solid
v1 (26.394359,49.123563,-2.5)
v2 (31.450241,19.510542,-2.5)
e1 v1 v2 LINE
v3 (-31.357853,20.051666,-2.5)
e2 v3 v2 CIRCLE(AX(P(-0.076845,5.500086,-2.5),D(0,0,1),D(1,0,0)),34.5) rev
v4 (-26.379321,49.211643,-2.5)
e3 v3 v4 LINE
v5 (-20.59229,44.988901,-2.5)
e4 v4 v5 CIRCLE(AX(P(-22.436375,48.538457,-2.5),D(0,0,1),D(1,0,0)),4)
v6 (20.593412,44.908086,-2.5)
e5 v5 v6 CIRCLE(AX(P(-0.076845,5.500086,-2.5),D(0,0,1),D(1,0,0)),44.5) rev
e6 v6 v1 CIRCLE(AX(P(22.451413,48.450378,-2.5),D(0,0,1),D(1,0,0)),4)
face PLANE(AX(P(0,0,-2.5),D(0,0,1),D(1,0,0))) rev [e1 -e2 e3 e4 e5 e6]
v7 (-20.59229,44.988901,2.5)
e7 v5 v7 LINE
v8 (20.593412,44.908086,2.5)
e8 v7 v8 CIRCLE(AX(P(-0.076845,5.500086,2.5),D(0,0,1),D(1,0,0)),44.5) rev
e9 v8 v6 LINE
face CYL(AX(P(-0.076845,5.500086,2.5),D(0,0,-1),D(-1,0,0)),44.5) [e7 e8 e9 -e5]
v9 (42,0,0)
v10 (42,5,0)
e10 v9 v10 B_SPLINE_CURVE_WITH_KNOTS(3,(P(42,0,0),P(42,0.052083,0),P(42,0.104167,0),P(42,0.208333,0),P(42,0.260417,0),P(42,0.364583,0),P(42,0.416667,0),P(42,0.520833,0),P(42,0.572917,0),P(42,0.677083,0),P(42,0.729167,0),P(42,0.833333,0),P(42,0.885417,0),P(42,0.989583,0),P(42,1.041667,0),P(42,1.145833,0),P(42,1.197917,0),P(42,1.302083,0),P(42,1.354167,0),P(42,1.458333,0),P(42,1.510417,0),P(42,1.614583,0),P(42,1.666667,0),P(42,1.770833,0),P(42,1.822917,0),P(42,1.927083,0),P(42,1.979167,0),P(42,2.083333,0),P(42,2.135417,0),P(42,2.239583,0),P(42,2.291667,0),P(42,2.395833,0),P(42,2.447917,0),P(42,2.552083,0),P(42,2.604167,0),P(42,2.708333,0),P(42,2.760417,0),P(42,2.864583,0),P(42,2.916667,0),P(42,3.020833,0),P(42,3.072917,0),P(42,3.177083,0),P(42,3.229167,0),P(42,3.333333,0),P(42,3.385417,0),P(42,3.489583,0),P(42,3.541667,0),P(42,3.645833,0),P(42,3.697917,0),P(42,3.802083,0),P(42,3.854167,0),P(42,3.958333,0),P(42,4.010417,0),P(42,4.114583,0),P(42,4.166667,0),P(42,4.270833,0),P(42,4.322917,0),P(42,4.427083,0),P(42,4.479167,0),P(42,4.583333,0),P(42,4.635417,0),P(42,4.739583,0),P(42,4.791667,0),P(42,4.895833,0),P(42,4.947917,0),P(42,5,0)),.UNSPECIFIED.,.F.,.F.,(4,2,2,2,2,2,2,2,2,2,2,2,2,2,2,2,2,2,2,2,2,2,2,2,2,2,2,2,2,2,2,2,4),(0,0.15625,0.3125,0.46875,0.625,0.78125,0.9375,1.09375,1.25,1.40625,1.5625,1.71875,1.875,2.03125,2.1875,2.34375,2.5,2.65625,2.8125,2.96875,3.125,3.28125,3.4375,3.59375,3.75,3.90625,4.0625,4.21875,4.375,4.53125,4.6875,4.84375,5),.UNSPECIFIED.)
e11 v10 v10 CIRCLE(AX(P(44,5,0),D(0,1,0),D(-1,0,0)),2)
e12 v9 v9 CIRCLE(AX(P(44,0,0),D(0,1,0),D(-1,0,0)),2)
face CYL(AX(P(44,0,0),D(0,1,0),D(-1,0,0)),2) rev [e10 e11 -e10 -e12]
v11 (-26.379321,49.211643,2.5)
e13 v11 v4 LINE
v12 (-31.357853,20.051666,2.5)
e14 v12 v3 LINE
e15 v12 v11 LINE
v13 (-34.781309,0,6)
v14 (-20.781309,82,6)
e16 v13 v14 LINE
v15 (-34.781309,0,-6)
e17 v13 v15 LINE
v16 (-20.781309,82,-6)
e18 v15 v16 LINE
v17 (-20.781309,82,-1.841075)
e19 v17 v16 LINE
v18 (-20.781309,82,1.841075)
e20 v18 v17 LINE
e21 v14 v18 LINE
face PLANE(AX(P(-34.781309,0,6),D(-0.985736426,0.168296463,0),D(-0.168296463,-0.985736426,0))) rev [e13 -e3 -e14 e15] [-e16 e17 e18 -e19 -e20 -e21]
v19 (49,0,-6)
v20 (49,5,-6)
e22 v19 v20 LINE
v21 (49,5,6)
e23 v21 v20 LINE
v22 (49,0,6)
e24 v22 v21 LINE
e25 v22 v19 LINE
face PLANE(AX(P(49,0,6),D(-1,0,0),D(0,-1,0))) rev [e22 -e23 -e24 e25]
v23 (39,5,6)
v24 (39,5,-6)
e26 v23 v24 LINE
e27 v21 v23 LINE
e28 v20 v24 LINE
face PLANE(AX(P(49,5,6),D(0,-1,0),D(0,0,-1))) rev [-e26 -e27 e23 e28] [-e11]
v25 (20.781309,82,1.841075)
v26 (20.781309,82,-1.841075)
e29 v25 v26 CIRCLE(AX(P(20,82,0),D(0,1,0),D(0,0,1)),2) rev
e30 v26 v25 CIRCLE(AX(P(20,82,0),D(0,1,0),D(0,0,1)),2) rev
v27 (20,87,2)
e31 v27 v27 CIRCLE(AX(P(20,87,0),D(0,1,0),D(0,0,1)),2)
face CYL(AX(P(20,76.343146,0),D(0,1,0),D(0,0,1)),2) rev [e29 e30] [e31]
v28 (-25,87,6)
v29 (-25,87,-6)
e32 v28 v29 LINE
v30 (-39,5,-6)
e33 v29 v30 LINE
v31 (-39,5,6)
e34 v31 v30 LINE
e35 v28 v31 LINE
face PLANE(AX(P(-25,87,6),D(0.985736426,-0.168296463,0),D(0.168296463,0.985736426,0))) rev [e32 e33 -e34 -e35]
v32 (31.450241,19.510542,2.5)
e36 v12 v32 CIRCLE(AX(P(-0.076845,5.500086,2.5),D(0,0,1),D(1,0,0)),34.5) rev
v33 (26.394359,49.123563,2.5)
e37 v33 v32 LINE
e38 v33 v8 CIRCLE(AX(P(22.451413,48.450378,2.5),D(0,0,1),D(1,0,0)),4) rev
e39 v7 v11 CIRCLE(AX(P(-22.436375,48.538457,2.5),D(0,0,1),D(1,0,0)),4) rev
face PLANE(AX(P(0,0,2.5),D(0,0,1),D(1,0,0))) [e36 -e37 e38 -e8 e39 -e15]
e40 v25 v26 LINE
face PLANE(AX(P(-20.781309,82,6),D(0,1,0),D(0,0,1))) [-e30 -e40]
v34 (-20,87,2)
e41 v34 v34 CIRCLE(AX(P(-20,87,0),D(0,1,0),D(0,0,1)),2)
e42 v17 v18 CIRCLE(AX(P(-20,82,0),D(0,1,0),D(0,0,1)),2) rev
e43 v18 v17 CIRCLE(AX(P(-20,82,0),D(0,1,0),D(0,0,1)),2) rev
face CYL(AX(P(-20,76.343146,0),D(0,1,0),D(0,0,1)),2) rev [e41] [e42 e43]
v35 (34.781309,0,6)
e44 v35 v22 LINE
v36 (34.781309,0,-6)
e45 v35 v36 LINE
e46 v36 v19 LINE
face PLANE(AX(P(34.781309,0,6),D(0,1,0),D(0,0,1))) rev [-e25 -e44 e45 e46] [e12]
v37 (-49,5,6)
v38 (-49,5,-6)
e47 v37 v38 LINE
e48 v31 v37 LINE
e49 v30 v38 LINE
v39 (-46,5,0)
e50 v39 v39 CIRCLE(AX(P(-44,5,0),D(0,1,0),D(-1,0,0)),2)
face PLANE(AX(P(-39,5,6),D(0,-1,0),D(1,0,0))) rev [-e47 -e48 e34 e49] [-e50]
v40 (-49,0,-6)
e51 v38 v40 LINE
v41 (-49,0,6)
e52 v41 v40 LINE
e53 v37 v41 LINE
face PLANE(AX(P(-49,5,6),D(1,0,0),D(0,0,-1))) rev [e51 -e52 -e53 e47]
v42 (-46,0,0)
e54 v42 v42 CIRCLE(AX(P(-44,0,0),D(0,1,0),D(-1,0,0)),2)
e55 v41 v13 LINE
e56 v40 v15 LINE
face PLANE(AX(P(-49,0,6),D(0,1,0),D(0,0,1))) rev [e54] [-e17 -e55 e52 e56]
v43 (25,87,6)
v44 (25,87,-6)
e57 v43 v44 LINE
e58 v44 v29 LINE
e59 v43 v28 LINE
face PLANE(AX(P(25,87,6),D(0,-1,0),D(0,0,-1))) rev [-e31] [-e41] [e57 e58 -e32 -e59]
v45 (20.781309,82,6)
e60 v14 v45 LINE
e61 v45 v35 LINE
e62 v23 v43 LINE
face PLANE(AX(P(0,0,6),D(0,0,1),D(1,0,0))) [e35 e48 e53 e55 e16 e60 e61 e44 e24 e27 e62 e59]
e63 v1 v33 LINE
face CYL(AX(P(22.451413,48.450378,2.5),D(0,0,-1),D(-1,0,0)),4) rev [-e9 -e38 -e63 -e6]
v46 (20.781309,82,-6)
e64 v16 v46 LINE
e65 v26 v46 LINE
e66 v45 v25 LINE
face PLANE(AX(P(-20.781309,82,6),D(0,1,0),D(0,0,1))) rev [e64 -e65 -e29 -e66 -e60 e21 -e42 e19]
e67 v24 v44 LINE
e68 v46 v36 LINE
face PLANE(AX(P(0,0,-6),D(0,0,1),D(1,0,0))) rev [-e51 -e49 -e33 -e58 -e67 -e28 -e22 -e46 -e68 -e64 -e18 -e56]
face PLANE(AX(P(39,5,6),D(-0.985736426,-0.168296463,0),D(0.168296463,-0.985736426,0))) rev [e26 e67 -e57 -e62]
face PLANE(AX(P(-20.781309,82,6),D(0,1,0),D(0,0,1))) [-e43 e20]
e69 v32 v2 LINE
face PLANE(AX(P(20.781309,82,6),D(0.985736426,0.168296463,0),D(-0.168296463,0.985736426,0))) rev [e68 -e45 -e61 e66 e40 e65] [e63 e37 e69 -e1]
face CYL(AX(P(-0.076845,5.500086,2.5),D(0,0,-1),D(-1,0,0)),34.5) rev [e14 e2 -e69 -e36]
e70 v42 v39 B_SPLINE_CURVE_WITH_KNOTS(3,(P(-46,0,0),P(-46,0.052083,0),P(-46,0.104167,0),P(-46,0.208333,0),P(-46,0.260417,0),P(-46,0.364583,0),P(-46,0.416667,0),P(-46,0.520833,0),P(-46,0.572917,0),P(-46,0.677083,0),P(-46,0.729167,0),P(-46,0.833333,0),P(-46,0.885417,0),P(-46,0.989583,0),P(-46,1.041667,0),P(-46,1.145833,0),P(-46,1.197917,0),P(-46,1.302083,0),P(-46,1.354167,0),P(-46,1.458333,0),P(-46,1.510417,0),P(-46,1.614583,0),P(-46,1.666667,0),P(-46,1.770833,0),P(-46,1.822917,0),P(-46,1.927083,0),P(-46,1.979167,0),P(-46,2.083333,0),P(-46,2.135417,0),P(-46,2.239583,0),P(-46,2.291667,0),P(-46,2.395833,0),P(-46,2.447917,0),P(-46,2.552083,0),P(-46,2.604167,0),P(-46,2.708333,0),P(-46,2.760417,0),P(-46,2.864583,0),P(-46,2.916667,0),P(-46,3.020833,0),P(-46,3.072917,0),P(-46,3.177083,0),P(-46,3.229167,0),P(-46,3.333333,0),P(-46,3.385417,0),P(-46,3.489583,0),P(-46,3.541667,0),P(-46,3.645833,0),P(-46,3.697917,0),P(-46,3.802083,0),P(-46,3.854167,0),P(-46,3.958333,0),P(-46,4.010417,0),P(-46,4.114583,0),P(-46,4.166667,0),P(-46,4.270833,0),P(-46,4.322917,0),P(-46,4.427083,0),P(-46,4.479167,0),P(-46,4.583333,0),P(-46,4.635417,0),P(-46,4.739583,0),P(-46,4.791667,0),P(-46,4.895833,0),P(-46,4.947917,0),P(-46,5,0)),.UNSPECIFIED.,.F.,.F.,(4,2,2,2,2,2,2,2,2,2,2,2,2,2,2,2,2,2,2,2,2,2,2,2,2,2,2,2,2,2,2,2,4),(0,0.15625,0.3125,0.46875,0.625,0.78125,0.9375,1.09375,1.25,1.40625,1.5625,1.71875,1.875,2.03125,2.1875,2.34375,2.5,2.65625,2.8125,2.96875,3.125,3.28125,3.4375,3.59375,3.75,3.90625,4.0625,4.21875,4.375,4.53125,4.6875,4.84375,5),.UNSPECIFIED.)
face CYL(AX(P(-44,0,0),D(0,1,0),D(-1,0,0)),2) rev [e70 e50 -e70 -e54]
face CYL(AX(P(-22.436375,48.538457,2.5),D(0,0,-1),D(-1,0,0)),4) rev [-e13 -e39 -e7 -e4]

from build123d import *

# Parameters (mm, degrees)
BOSS_EXTRUDE1_DEPTH = 6
BOSS_EXTRUDE2_DEPTH = 2.5
FILLET1_R           = 4
SKETCH3_R           = 2
CUT_EXTRUDE1_DEPTH  = 96.713112999
SKETCH4_R           = 2
CUT_EXTRUDE2_DEPTH  = 5


with BuildPart() as part:
    # Sketch1 → Boss-Extrude1 (new, symmetric)
    with BuildSketch(Plane.XY):
        Polygon((-49, 0), (-34.781308697, 0), (-20.781308697, 82), (20.781308697, 82), (34.781308697, 0), (49, 0), (49, 5), (39, 5), (25, 87), (-25, 87), (-39, 5), (-49, 5), align=None)
    extrude(amount=BOSS_EXTRUDE1_DEPTH, both=True)

    # Sketch2 → Boss-Extrude2 (add, symmetric)
    with BuildSketch(Plane.XY):
        with BuildLine():
            Line((31.450240635, 19.510541506), (27.939451789, 40.073733316))
            ThreePointArc((27.939451789, 40.073733316), (0.037609002, 49.999938394), (-27.914924838, 40.217391174))
            Line((-27.914924838, 40.217391174), (-31.357853442, 20.051666495))
            ThreePointArc((-31.357853442, 20.051666495), (0.220379798, 39.998805231), (31.450240635, 19.510541506))
        make_face()
    extrude(amount=BOSS_EXTRUDE2_DEPTH, both=True)

    # Fillet1
    fillet1_edges = [part.edges().sort_by_distance(p)[0] for p in [
        (27.939451789, 40.073733316, 0),
        (-27.914924838, 40.217391174, 0),
    ]]
    fillet(fillet1_edges, radius=FILLET1_R)

    # Sketch3 → Cut-Extrude1 (cut, through all)
    with BuildSketch(Plane(origin=(0, 5, 0), x_dir=(1, 0, 0), z_dir=(0, 1, 0))):
        with Locations(Location((-44, 0, 0), (0, 0, 180))):
            Circle(SKETCH3_R)
        with Locations(Location((44, 0, 0), (0, 0, 180))):
            Circle(SKETCH3_R)
    extrude(amount=-CUT_EXTRUDE1_DEPTH, mode=Mode.SUBTRACT)

    # Sketch4 → Cut-Extrude2 (cut)
    with BuildSketch(Plane(origin=(0, 87, 0), x_dir=(1, 0, 0), z_dir=(0, 1, 0))):
        with Locations(Location((-20, 0, 0), (0, 0, 270))):
            Circle(SKETCH4_R)
        with Locations(Location((20, 0, 0), (0, 0, 270))):
            Circle(SKETCH4_R)
    extrude(amount=-CUT_EXTRUDE2_DEPTH, mode=Mode.SUBTRACT)


solid = part.part
